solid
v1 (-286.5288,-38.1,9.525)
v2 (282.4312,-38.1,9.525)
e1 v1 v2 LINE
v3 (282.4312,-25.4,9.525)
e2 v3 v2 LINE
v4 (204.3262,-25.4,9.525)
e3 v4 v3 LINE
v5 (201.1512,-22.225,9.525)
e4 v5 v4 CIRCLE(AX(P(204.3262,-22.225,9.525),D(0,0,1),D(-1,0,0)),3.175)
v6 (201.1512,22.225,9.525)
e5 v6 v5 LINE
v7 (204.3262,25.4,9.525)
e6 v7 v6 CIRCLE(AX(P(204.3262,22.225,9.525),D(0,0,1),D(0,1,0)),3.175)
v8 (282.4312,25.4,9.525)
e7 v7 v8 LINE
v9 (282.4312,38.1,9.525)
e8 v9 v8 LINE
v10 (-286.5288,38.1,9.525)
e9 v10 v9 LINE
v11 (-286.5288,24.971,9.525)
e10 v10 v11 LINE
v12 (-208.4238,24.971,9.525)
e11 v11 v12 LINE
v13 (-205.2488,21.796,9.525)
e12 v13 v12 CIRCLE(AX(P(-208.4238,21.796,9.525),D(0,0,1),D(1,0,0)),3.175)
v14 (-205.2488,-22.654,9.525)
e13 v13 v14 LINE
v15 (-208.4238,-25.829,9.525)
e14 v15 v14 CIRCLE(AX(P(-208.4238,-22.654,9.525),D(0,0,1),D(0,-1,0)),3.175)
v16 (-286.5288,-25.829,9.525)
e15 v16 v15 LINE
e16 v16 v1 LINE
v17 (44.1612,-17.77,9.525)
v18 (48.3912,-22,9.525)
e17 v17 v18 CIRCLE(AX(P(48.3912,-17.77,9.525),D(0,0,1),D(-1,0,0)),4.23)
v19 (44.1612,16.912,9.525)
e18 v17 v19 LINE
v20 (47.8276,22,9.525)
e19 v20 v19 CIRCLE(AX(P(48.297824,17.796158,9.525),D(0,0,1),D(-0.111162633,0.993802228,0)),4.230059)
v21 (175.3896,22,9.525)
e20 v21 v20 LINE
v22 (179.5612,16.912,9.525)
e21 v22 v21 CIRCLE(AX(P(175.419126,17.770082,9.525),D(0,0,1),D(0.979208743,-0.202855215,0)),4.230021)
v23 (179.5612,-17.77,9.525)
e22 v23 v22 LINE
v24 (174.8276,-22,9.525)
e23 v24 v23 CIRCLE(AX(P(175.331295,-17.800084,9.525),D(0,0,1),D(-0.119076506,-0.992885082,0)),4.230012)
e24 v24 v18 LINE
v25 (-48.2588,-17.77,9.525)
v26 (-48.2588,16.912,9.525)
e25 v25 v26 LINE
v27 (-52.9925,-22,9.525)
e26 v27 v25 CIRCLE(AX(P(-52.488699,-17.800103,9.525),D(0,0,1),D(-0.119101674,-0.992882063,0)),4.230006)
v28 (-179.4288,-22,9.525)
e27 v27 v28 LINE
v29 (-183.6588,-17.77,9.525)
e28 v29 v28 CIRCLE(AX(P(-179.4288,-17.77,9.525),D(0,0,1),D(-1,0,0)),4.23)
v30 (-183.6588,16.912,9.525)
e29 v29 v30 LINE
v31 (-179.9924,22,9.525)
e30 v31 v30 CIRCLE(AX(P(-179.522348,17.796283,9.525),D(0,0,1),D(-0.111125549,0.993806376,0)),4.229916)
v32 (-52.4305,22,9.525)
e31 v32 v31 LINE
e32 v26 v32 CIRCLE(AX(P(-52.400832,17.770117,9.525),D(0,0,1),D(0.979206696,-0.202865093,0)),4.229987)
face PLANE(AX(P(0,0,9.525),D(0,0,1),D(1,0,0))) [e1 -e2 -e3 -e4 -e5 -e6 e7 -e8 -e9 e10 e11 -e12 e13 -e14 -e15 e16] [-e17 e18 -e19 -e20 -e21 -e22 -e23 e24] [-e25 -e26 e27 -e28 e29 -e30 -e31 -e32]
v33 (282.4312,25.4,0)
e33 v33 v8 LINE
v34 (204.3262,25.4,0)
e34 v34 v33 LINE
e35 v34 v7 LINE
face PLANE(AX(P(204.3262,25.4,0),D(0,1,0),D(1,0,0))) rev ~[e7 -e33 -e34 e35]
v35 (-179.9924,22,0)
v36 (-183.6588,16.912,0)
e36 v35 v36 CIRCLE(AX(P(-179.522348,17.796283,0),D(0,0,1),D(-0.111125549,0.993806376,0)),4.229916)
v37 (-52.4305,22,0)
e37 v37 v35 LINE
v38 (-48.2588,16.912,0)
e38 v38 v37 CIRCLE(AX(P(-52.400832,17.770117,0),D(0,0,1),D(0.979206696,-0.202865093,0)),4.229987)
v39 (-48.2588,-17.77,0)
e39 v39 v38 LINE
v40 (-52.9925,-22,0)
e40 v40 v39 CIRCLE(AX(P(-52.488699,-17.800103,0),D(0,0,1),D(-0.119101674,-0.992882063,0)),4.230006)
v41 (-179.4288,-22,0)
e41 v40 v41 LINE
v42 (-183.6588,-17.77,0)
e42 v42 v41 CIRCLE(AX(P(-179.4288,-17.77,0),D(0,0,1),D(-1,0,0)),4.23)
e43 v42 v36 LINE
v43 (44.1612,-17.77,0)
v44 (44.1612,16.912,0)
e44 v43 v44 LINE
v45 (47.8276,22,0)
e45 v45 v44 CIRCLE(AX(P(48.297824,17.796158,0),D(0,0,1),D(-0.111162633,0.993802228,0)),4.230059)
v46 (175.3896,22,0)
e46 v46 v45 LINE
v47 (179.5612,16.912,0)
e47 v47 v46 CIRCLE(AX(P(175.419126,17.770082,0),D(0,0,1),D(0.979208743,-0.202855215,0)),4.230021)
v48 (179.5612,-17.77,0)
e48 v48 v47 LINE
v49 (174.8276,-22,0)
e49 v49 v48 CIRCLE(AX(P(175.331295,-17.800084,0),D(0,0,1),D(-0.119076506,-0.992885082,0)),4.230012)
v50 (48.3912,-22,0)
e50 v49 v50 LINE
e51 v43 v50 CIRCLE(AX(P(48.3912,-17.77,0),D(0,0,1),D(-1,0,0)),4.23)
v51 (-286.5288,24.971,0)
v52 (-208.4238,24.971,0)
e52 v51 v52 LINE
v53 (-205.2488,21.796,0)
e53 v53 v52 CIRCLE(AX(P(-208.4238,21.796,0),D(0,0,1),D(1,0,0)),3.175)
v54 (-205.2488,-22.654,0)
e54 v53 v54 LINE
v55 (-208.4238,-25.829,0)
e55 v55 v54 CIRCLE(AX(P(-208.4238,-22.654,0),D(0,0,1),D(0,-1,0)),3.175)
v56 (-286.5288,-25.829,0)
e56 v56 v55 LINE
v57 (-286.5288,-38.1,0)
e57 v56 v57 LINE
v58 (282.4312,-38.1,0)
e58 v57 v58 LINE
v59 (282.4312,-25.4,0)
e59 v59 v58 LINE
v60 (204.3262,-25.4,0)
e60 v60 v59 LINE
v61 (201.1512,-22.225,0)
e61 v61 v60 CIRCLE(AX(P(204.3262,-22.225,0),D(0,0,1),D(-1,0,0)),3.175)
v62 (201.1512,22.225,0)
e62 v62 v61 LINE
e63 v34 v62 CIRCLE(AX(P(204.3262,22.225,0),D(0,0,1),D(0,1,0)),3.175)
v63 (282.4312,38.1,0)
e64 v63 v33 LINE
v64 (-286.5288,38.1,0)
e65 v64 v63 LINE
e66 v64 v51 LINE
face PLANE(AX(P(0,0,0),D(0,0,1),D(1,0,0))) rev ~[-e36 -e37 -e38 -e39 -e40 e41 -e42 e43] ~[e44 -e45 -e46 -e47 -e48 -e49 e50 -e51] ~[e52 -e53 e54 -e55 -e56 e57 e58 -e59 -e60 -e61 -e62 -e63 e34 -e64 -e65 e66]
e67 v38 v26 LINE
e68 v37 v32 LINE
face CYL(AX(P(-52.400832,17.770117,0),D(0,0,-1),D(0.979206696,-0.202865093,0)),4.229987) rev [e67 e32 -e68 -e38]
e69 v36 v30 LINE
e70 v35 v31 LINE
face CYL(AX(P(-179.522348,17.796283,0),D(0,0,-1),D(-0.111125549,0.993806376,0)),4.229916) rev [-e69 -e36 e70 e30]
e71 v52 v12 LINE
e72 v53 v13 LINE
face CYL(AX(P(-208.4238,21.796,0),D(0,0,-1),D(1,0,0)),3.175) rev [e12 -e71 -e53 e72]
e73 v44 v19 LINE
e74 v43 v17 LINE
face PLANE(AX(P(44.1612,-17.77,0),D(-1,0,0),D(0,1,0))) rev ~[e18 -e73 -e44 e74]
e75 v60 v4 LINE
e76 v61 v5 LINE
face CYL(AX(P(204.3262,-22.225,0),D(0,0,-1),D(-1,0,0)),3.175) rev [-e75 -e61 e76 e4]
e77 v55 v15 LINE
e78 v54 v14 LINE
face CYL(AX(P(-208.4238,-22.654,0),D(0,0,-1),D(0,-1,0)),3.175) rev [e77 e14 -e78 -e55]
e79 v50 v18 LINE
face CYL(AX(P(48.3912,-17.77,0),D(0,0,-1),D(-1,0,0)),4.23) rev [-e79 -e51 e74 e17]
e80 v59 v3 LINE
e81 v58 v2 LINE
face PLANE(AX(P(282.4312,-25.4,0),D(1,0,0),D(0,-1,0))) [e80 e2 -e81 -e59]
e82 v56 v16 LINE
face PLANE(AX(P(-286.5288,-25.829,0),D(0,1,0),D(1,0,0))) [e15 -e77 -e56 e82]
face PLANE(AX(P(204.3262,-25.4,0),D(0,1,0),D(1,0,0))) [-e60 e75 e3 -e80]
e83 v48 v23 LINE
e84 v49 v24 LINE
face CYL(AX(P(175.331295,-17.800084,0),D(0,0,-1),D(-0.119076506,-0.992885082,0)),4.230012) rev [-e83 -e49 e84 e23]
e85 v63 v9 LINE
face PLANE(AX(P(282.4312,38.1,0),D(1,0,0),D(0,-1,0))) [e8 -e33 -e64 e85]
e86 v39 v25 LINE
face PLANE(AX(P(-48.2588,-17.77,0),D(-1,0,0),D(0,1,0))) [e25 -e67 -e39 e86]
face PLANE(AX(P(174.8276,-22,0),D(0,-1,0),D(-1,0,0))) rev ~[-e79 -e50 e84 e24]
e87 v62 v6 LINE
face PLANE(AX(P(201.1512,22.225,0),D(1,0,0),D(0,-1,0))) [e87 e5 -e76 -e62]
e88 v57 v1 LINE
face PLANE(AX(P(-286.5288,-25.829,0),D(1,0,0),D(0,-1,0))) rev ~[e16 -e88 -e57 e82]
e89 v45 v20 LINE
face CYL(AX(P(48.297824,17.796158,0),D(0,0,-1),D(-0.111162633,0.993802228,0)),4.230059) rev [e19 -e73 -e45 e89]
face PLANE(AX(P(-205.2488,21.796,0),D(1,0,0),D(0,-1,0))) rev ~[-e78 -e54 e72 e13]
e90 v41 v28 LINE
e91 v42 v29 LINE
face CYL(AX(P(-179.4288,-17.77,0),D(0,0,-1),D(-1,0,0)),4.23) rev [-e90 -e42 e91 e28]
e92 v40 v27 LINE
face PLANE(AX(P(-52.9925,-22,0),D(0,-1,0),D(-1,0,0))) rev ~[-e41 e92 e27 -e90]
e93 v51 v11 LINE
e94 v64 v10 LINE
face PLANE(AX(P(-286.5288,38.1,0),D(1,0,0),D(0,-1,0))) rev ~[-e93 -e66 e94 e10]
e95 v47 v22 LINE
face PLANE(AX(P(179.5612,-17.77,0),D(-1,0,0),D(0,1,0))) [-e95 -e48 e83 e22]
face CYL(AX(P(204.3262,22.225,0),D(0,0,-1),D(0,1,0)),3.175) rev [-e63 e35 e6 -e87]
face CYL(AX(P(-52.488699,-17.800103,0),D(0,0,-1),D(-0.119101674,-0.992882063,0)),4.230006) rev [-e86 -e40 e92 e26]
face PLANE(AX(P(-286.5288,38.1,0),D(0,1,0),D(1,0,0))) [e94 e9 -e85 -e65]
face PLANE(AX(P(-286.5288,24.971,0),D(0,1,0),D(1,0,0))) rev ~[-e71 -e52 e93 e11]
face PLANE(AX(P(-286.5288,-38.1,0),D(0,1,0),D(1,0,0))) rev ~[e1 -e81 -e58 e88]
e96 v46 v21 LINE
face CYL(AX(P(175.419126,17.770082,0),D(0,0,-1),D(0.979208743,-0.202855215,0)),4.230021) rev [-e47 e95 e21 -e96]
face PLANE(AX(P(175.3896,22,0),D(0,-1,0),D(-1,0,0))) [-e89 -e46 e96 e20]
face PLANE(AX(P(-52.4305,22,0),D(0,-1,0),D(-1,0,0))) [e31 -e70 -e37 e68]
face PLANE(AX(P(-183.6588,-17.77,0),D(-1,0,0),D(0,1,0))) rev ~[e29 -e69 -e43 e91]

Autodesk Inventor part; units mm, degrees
ref_plane "YZ Plane" through (0, 0, 0) normal (1, 0, 0) x (0, 1, 0)
ref_plane "XZ Plane" through (0, 0, 0) normal (0, 1, 0) x (-1, 0, 0)
ref_plane "XY Plane" through (0, 0, 0) normal (0, 0, 1) x (1, 0, 0)
sketch "Sketch1" plane through (0, 0, 0) normal (0, 0, 1) x (1, 0, 0)
  arc A0 (-179.9924, 22) -> (-183.6588, 16.912) centre (-179.5223, 17.7962) ccw
  arc A1 (-183.6588, -17.77) -> (-179.4288, -22) centre (-179.4288, -17.77) ccw
  arc A2 (-48.2588, 16.912) -> (-52.4305, 22) centre (-52.4009, 17.7701) ccw
  arc A3 (-52.9925, -22) -> (-48.2588, -17.77) centre (-52.4887, -17.8001) ccw
  line L0 (-52.4305, 22) -> (-179.9924, 22)
  line L1 (-52.9925, -22) -> (-179.4288, -22)
  line L2 (-48.2588, -17.77) -> (-48.2588, 16.912)
  line L3 (-183.6588, -17.77) -> (-183.6588, 16.912)
  line L4 (-286.5288, -25.829) -> (-208.4238, -25.829)
  line L5 (-286.5288, 24.971) -> (-208.4238, 24.971)
  line L6 (-205.2488, 21.796) -> (-205.2488, -22.654)
  arc A4 (-205.2488, 21.796) -> (-208.4238, 24.971) centre (-208.4238, 21.796) ccw
  arc A5 (-208.4238, -25.829) -> (-205.2488, -22.654) centre (-208.4238, -22.654) ccw
  arc A6 (44.1612, -17.77) -> (48.3912, -22) centre (48.3912, -17.77) ccw
  arc A7 (47.8276, 22) -> (44.1612, 16.912) centre (48.2978, 17.7962) ccw
  line L7 (44.1612, -17.77) -> (44.1612, 16.912)
  line L8 (204.3262, 25.4) -> (282.4312, 25.4)
  line L9 (204.3262, -25.4) -> (282.4312, -25.4)
  line L10 (174.8276, -22) -> (48.3912, -22)
  line L11 (175.3896, 22) -> (47.8276, 22)
  arc A8 (179.5612, 16.912) -> (175.3896, 22) centre (175.4192, 17.7701) ccw
  line L12 (179.5612, -17.77) -> (179.5612, 16.912)
  arc A9 (174.8276, -22) -> (179.5612, -17.77) centre (175.3313, -17.8001) ccw
  arc A10 (201.1512, -22.225) -> (204.3262, -25.4) centre (204.3262, -22.225) ccw
  arc A11 (204.3262, 25.4) -> (201.1512, 22.225) centre (204.3262, 22.225) ccw
  line L13 (201.1512, 22.225) -> (201.1512, -22.225)
  line L14 (-286.5288, 38.1) -> (282.4312, 38.1)
  line L15 (-286.5288, -38.1) -> (282.4312, -38.1)
  line L16 (282.4312, 38.1) -> (282.4312, 25.4)
  line L17 (282.4312, -25.4) -> (282.4312, -38.1)
  line L18 (-286.5288, 38.1) -> (-286.5288, 24.971)
  line L19 (-286.5288, -25.829) -> (-286.5288, -38.1)
  dimension "d0" = 135.4
  dimension "d1" = 44
  dimension "d8" = 78.105
  dimension "d13" = 50.8
  dimension "d14" = 44.45
  dimension "d15" = 21.59
  dimension "d18" = 135.4
  dimension "d19" = 44
  dimension "d20" = 78.105
  dimension "d21" = 50.8
  dimension "d26" = 568.96
  dimension "d33" = 21.59
extrude "Extrusion2" add sketch "Sketch1" along normal blind 9.525
properties part number "top"
